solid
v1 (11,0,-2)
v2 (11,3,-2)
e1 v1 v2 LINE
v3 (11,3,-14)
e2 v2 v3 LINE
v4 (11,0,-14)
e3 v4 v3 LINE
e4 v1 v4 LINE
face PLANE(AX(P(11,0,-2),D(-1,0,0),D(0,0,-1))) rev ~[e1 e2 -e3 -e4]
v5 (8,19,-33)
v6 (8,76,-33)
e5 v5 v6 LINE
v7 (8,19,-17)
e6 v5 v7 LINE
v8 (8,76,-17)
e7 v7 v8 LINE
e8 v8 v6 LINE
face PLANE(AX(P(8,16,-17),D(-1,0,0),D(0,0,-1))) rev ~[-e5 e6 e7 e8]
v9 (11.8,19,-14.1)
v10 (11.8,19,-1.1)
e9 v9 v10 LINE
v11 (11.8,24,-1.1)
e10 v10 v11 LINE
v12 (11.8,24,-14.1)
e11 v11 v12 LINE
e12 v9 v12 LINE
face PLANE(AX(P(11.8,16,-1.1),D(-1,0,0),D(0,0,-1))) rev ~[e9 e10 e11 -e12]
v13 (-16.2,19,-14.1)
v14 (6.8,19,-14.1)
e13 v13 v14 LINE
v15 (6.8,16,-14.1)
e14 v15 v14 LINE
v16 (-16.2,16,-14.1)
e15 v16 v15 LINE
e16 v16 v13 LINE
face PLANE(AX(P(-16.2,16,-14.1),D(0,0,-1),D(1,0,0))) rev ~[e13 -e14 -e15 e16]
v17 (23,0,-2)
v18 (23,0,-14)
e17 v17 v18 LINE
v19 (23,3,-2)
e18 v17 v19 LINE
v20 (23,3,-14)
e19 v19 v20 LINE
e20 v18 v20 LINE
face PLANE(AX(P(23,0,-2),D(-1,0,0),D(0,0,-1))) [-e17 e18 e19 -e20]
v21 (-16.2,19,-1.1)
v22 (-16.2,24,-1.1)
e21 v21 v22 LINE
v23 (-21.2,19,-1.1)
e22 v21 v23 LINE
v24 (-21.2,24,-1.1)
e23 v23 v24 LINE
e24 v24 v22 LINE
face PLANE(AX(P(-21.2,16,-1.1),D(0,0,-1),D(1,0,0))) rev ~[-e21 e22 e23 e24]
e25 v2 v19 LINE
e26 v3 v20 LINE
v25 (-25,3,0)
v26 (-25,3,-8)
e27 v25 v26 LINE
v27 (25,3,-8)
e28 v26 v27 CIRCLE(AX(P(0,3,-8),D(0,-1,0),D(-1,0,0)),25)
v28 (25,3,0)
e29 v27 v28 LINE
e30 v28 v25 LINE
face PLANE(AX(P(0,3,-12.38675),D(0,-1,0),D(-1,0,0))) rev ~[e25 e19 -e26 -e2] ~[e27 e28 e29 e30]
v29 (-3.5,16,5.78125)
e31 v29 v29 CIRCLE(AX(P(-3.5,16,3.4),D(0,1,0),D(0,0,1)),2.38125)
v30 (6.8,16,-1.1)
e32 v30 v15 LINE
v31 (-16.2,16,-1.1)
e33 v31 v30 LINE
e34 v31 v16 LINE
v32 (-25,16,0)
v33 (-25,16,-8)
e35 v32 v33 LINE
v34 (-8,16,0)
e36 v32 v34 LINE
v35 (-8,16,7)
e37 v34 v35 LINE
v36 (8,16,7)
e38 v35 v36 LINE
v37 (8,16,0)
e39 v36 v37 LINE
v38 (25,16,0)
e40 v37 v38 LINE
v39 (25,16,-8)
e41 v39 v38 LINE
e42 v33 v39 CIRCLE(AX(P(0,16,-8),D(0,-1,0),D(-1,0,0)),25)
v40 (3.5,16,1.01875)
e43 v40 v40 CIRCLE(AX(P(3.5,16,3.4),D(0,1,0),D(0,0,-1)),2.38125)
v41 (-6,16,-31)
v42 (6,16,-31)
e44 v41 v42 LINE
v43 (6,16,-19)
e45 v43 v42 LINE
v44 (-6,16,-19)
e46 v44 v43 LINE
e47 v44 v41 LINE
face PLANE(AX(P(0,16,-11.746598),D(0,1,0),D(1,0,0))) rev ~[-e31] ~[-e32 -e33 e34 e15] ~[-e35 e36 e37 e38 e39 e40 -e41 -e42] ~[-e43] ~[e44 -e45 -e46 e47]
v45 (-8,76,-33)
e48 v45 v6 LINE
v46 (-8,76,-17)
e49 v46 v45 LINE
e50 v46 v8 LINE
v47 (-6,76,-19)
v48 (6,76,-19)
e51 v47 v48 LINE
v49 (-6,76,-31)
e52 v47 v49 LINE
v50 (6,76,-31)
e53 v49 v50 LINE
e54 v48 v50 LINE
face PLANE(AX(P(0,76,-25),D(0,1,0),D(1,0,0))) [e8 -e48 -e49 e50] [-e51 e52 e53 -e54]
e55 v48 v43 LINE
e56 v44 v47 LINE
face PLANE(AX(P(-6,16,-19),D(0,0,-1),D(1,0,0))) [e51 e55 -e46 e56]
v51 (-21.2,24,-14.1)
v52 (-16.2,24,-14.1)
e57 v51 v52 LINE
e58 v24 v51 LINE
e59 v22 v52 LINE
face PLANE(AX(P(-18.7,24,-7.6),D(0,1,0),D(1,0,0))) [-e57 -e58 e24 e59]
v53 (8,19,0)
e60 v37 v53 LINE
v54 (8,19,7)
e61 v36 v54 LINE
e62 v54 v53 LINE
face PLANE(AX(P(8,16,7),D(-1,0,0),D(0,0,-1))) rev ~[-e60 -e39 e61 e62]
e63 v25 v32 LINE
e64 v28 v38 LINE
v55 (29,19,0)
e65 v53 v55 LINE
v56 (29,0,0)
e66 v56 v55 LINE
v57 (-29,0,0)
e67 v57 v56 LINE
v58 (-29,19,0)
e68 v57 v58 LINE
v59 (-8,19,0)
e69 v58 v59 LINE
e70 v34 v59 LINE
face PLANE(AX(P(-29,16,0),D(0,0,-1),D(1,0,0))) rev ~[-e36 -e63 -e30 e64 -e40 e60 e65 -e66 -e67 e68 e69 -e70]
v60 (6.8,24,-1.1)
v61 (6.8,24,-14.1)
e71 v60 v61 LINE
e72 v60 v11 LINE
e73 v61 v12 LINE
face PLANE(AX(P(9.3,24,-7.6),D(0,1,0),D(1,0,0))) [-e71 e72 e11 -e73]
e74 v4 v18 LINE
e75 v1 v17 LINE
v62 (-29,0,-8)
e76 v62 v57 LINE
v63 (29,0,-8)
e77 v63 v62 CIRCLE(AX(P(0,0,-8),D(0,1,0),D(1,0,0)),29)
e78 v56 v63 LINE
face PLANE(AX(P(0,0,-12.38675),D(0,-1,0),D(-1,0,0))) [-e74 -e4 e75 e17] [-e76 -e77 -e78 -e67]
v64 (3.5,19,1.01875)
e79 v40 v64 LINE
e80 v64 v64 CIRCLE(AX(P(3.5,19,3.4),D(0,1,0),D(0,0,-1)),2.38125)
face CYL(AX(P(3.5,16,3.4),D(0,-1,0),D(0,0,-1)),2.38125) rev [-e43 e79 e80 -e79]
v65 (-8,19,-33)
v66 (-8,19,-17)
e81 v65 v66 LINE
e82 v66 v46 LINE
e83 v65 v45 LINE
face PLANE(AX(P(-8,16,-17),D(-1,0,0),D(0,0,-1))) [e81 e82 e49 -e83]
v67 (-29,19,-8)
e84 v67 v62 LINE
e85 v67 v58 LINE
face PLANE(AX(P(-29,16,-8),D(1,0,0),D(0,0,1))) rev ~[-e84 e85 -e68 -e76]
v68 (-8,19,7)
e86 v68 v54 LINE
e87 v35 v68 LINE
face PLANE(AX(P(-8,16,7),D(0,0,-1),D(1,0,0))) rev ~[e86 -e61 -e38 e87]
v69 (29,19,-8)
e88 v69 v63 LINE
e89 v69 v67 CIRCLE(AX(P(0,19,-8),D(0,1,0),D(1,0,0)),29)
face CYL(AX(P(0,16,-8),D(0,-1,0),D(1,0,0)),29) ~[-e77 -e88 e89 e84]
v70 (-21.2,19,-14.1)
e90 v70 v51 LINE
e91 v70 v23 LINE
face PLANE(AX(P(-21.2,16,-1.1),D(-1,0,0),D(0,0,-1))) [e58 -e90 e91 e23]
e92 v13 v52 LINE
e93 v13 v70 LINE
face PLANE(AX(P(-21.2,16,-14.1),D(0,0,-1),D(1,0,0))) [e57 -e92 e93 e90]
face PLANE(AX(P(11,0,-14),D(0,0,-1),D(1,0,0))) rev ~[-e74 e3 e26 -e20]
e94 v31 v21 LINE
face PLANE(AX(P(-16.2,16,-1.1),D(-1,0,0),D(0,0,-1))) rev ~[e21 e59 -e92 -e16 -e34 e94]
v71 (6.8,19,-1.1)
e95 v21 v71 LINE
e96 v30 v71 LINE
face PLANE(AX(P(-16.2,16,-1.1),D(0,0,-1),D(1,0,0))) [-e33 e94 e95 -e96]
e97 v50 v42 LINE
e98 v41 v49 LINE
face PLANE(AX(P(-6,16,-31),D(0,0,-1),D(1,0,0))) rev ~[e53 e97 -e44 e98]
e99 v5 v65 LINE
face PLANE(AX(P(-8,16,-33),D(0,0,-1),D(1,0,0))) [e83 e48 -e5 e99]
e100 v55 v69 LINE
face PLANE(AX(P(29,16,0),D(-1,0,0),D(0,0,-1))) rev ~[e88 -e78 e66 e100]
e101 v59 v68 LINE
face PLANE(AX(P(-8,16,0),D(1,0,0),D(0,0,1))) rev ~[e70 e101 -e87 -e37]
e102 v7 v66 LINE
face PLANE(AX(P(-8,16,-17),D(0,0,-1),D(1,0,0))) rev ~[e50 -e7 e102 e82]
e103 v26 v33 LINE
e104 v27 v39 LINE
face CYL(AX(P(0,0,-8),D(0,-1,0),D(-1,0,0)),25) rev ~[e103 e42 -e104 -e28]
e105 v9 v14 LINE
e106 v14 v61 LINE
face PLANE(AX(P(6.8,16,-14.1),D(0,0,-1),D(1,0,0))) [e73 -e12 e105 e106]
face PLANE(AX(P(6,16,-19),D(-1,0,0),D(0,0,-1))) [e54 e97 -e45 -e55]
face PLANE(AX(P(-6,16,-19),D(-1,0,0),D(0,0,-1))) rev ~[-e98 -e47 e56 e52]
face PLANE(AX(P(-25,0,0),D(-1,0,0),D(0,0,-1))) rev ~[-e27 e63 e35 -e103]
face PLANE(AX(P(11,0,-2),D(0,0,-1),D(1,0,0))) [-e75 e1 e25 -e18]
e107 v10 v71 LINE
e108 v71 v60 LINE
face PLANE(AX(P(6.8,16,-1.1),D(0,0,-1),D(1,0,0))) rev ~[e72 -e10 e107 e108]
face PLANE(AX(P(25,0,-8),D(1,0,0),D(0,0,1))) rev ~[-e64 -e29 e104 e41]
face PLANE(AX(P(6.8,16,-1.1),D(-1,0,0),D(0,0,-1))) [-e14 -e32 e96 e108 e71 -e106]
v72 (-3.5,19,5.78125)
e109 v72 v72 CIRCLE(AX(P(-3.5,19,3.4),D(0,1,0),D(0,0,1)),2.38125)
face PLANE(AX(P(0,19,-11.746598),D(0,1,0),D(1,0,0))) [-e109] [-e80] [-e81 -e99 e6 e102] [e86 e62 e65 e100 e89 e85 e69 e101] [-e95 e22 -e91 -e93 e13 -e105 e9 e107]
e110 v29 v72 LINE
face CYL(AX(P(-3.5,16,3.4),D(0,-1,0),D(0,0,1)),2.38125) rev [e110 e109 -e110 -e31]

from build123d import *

# Parameters (mm, degrees)
BOSS_EXTRUDE1_DEPTH = 16
SKETCH2_5_W         = 12
SKETCH2_5_H         = 12
BOSS_EXTRUDE2_DEPTH = 3
SKETCH3_W           = 23
SKETCH3_H           = 13
SKETCH3_W_2         = 12
SKETCH3_H_2         = 12
SKETCH3_R           = 2.38125
BOSS_EXTRUDE3_DEPTH = 3
SKETCH3_4_W         = 16
SKETCH3_4_H         = 16
SKETCH3_4_W_2       = 12
SKETCH3_4_H_2       = 12
BOSS_EXTRUDE4_DEPTH = 60
SKETCH3_5_W         = 5
SKETCH3_5_H         = 13
BOSS_EXTRUDE5_DEPTH = 8


with BuildPart() as part:
    # Sketch2 → Boss-Extrude1 (new body)
    with BuildSketch(Plane(origin=(0, 0, 0), x_dir=(1, 0, 0), z_dir=(0, 1, 0))):
        with BuildLine():
            Line((25, 8), (25, 0))
            Line((25, 0), (29, 0))
            Line((29, 0), (29, 8))
            ThreePointArc((29, 8), (0, 37), (-29, 8))
            Line((-29, 8), (-29, 0))
            Line((-29, 0), (-25, 0))
            Line((-25, 0), (-25, 8))
            ThreePointArc((-25, 8), (0, 33), (25, 8))
        make_face()
    extrude(amount=BOSS_EXTRUDE1_DEPTH)

    # Sketch2<5> → Boss-Extrude2 (add)
    with BuildSketch(Plane(origin=(0, 0, 0), x_dir=(1, 0, 0), z_dir=(0, 1, 0))):
        with BuildLine():
            Line((-25, 0), (25, 0))
            Line((25, 0), (25, 8))
            ThreePointArc((25, 8), (0, 33), (-25, 8))
            Line((-25, 8), (-25, 0))
        make_face()
        with Locations((17, 8)):
            Rectangle(SKETCH2_5_W, SKETCH2_5_H, mode=Mode.SUBTRACT)
    extrude(amount=BOSS_EXTRUDE2_DEPTH)

    # Sketch3 → Boss-Extrude3 (add)
    with BuildSketch(Plane(origin=(0, 16, 0), x_dir=(1, 0, 0), z_dir=(0, 1, 0))):
        with BuildLine():
            Line((-29, 8), (-29, 0))
            Line((-29, 0), (-8, 0))
            Line((-8, 0), (-8, -7))
            Line((-8, -7), (8, -7))
            Line((8, -7), (8, 0))
            Line((8, 0), (29, 0))
            Line((29, 0), (29, 8))
            ThreePointArc((29, 8), (0, 37), (-29, 8))
        make_face()
        with Locations((-4.7, 7.6)):
            Rectangle(SKETCH3_W, SKETCH3_H, mode=Mode.SUBTRACT)
        with Locations((0, 25)):
            Rectangle(SKETCH3_W_2, SKETCH3_H_2, mode=Mode.SUBTRACT)
        with Locations((3.5, -3.4)):
            Circle(SKETCH3_R, mode=Mode.SUBTRACT)
        with Locations((-3.5, -3.4)):
            Circle(SKETCH3_R, mode=Mode.SUBTRACT)
    extrude(amount=BOSS_EXTRUDE3_DEPTH)

    # Sketch3<4> → Boss-Extrude4 (add)
    with BuildSketch(Plane(origin=(0, 16, 0), x_dir=(1, 0, 0), z_dir=(0, 1, 0))):
        with Locations((0, 25)):
            Rectangle(SKETCH3_4_W, SKETCH3_4_H)
        with Locations((0, 25)):
            Rectangle(SKETCH3_4_W_2, SKETCH3_4_H_2, mode=Mode.SUBTRACT)
    extrude(amount=BOSS_EXTRUDE4_DEPTH)

    # Sketch3<5> → Boss-Extrude5 (add)
    with BuildSketch(Plane(origin=(0, 16, 0), x_dir=(1, 0, 0), z_dir=(0, 1, 0))):
        with Locations((-18.7, 7.6)):
            Rectangle(SKETCH3_5_W, SKETCH3_5_H)
        Polygon((9, 14.1), (6.8, 14.1), (6.8, 1.1), (11.8, 1.1), (11.8, 14.1), align=None)
    extrude(amount=BOSS_EXTRUDE5_DEPTH)


solid = part.part
